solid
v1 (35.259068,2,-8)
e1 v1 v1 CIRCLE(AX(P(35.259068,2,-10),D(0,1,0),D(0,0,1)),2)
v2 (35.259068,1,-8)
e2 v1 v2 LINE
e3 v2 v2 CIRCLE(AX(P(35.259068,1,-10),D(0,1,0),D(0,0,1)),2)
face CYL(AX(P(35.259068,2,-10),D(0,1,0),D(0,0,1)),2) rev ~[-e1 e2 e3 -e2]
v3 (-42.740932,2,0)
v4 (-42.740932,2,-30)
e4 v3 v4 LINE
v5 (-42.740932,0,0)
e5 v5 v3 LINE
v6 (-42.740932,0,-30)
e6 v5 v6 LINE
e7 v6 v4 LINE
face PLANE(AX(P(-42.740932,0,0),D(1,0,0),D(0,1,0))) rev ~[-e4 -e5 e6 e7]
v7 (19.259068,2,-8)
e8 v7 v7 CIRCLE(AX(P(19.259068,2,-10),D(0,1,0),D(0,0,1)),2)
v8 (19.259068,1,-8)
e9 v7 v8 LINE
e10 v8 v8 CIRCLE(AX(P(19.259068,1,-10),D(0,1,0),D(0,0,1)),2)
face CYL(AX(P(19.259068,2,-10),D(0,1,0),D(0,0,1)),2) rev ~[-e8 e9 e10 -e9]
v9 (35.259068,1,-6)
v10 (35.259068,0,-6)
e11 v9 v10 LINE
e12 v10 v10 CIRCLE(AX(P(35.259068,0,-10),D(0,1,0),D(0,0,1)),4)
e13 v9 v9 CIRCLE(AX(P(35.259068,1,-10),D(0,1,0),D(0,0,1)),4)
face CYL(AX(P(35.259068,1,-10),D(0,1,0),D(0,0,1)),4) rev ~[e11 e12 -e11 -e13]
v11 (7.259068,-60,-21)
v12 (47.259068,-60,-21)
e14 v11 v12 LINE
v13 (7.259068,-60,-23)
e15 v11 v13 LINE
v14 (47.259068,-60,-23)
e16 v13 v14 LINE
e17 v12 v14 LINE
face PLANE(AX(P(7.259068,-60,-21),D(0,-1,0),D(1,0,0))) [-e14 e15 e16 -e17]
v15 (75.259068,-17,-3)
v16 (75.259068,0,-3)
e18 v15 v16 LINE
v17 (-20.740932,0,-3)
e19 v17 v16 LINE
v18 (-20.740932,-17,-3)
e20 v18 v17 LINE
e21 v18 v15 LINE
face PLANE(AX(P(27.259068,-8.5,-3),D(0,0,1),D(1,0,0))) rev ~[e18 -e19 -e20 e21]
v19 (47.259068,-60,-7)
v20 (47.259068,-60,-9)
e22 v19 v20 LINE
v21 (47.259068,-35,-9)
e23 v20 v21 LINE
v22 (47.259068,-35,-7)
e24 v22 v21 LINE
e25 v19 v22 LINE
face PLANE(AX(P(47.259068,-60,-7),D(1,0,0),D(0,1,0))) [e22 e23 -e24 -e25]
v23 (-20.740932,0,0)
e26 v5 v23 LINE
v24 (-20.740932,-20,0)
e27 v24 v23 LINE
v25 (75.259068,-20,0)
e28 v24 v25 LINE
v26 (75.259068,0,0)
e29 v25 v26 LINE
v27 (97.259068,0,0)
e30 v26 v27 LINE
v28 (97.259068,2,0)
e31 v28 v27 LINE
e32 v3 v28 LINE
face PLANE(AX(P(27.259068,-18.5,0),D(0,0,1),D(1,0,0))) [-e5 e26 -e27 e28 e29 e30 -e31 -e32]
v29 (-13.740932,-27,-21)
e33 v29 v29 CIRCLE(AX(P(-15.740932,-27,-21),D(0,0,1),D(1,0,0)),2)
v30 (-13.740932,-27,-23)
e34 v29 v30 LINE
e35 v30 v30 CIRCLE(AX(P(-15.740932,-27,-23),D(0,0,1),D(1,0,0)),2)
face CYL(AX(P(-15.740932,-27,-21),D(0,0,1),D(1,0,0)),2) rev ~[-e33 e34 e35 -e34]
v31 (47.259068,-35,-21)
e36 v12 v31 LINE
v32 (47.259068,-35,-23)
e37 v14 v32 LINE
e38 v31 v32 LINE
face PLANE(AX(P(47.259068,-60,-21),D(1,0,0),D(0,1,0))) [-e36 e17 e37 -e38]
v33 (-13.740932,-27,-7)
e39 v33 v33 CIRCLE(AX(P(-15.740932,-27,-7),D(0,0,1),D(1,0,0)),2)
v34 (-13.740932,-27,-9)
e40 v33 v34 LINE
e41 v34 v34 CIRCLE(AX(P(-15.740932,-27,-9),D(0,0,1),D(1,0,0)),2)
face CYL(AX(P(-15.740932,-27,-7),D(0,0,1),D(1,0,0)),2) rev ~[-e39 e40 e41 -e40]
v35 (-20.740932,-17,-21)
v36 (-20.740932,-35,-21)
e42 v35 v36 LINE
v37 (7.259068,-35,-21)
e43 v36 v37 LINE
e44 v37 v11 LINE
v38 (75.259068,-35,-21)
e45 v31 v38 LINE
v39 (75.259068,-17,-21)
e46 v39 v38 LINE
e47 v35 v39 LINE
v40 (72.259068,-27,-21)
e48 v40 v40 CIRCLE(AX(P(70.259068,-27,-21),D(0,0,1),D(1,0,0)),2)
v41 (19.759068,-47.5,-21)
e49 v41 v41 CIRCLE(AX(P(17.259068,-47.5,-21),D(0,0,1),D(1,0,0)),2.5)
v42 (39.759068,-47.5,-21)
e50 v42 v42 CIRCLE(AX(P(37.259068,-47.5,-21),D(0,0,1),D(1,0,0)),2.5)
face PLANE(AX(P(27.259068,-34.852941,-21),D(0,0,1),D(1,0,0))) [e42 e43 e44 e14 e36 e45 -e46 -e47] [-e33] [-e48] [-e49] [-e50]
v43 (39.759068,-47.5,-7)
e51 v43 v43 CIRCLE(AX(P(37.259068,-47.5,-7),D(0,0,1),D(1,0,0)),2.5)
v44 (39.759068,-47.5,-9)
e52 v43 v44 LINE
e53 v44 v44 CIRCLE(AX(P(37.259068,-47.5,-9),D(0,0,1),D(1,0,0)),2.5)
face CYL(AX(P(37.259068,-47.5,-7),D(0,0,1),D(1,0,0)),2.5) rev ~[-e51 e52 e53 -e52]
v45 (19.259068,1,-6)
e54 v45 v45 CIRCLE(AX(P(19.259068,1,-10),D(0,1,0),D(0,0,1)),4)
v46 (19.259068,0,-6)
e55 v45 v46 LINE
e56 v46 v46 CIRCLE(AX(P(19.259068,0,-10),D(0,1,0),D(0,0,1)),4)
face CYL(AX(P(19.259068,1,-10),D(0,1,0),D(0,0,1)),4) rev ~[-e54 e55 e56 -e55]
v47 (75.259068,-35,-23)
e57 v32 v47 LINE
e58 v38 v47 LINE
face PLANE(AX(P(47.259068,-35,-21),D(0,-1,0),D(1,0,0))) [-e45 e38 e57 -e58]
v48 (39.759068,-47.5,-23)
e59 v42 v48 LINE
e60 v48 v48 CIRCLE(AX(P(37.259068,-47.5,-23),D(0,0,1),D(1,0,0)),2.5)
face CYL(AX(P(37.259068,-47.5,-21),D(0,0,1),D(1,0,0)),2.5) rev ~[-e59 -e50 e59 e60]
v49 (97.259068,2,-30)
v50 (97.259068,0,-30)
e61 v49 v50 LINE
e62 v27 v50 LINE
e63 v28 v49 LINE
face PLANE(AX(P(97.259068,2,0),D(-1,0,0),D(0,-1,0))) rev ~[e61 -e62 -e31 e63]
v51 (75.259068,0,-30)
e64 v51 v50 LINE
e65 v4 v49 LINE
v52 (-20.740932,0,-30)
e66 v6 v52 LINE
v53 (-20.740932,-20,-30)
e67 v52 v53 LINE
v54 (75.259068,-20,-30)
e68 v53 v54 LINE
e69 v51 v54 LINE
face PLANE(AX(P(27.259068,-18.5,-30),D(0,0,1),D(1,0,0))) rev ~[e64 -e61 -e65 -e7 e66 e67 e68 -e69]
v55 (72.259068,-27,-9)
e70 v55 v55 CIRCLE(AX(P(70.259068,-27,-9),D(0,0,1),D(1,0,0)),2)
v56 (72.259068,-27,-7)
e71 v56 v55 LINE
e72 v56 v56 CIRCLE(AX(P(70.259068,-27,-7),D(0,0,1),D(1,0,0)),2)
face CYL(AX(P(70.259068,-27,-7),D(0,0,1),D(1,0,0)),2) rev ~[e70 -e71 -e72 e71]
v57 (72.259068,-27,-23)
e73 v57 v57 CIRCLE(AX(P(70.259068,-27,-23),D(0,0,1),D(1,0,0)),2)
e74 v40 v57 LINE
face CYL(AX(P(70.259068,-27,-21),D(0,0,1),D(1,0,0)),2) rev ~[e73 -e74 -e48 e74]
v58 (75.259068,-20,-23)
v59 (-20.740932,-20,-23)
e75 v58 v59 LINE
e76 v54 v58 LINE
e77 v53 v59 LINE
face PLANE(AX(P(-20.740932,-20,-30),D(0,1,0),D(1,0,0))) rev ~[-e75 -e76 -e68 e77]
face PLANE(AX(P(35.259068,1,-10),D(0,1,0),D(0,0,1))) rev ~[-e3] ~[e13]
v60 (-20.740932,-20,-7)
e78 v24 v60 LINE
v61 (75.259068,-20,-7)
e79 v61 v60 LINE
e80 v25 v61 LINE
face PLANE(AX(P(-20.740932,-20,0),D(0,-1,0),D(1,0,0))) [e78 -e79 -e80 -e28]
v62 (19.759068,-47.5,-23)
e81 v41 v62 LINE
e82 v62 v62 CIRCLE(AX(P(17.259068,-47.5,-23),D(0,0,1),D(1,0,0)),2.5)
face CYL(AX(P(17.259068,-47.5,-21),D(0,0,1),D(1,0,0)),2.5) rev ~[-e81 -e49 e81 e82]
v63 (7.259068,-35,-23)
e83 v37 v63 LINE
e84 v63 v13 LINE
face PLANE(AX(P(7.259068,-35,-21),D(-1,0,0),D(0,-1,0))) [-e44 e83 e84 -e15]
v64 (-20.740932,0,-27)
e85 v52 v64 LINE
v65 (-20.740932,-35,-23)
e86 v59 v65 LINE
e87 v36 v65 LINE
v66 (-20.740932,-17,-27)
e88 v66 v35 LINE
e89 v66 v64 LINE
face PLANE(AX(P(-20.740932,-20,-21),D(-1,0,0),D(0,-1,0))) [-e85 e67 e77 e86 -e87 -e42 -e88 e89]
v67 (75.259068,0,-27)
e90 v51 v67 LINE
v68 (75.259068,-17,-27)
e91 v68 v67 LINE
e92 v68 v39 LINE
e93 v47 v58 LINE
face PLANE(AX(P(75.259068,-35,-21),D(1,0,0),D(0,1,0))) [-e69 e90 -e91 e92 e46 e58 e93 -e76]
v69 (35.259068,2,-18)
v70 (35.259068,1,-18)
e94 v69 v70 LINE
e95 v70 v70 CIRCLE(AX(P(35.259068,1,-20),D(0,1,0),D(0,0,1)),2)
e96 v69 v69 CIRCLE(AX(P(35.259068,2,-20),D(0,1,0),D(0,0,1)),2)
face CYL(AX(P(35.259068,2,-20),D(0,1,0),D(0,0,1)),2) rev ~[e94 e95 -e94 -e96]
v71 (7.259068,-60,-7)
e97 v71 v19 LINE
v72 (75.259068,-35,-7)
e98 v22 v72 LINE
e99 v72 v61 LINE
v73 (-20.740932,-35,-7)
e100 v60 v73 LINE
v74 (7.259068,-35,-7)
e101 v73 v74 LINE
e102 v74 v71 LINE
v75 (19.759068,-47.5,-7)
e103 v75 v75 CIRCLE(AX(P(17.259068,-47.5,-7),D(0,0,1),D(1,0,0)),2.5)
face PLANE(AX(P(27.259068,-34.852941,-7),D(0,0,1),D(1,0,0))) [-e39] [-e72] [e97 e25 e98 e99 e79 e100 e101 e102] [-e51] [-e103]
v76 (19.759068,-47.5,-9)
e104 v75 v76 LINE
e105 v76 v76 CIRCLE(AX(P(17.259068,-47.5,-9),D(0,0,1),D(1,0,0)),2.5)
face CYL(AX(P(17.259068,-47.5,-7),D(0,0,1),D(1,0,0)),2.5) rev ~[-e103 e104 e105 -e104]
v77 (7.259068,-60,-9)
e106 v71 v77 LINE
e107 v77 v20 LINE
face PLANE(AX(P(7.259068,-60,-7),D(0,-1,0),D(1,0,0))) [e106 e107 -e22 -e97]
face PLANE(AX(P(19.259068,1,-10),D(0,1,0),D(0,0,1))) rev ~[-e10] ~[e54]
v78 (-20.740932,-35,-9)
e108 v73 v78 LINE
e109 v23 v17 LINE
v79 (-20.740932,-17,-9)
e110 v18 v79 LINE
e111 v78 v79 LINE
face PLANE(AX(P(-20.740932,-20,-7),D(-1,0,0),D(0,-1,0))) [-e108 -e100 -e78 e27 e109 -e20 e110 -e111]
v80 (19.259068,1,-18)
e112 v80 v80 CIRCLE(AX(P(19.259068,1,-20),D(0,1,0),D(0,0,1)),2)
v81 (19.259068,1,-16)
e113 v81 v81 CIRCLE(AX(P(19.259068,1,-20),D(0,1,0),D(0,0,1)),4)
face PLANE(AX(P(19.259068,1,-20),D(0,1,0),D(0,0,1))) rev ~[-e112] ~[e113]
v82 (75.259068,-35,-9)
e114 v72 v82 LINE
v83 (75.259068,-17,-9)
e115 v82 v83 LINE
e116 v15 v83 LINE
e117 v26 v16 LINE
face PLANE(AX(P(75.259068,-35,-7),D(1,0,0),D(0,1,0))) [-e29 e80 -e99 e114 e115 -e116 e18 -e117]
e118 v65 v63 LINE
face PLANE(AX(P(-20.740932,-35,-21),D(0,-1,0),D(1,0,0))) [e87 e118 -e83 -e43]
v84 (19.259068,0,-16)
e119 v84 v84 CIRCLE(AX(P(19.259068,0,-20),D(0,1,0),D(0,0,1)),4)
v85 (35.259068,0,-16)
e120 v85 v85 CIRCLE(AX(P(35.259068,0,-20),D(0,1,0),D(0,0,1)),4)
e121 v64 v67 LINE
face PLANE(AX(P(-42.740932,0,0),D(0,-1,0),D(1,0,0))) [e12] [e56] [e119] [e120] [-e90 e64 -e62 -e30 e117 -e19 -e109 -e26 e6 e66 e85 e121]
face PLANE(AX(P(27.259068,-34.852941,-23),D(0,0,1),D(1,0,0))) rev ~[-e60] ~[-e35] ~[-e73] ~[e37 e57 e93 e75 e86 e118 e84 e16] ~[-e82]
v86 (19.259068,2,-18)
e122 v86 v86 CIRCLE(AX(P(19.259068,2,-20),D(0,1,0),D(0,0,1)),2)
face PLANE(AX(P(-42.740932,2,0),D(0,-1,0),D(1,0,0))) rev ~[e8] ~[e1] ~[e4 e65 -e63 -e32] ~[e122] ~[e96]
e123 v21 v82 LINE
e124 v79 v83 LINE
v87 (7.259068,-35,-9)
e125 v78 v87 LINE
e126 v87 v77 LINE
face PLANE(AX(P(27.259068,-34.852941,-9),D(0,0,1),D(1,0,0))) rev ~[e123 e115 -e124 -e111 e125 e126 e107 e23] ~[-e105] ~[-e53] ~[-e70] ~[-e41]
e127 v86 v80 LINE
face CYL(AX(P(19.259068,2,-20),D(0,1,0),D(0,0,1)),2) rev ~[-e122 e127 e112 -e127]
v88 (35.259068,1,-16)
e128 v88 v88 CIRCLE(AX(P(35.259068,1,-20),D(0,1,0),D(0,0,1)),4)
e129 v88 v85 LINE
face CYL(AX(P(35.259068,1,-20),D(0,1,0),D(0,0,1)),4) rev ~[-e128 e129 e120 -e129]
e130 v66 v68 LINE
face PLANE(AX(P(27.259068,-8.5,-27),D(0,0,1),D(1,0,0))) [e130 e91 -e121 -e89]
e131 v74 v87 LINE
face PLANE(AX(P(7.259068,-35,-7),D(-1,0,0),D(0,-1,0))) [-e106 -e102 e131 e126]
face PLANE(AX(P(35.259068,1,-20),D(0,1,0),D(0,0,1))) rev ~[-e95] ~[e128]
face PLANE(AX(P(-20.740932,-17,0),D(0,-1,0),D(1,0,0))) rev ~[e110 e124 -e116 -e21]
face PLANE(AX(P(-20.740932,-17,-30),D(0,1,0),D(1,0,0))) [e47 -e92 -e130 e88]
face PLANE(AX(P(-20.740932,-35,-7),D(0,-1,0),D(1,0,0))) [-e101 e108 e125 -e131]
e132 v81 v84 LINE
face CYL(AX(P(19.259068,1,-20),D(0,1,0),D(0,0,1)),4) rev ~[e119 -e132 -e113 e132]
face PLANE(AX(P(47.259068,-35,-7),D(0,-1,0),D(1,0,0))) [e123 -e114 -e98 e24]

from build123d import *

# Parameters (mm, degrees)
TOP_DEPTH          = 30
PROFILE_3_W        = 96
PROFILE_3_H        = 17
SIDE_DEPTH         = 3
PROFILE_6_W        = 96
PROFILE_6_H        = 3
BEND_DEPTH         = 9
SCREWPLATE_START   = -7
PROFILE_7_R        = 2.5
PROFILE_7_R_2      = 2
SCREWPLATE_DEPTH   = 2
SIDE2_START        = -30
PROFILE_8_W        = 96
PROFILE_8_H        = 17
SIDE2_DEPTH        = 3
BEND2_START        = -30
PROFILE_9_W        = 96
PROFILE_9_H        = 3
BEND2_DEPTH        = 9
SCREWPLATE2_START  = -21
PROFILE_10_R       = 2.5
PROFILE_10_R_2     = 2
SCREWPLATE2_DEPTH  = 2
SKETCH3_R          = 2
CUT_EXTRUDE4_DEPTH = 2
CUT_EXTRUDE5_START = -1
SKETCH3_3_R        = 4
SKETCH3_3_R_2      = 2
CUT_EXTRUDE5_DEPTH = 1


with BuildPart() as part:
    # Profile → Top (new body)
    with BuildSketch(Plane.XY):
        Polygon((97.259067876, 0), (87.259067876, 0), (-32.740932124, 0), (-42.740932124, 0), (-42.740932124, 2), (97.259067876, 2), align=None)
    extrude(amount=-TOP_DEPTH)

    # Profile<3> → Side (add)
    with BuildSketch(Plane.XY):
        with Locations((27.259067876, -8.5)):
            Rectangle(PROFILE_3_W, PROFILE_3_H)
    extrude(amount=-SIDE_DEPTH)

    # Profile<6> → Bend (add)
    with BuildSketch(Plane.XY):
        with Locations((27.259067876, -18.5)):
            Rectangle(PROFILE_6_W, PROFILE_6_H)
    extrude(amount=-BEND_DEPTH)

    # Profile<7> → ScrewPlate (add)
    with BuildSketch(Plane.XY.offset(SCREWPLATE_START)):
        Polygon((75.259067876, -20), (-20.740932124, -20), (-20.740932124, -35), (7.259067876, -35), (7.259067876, -60), (27.259067876, -60), (47.259067876, -60), (47.259067876, -35), (75.259067876, -35), align=None)
        with Locations((17.259067876, -47.5)):
            Circle(PROFILE_7_R, mode=Mode.SUBTRACT)
        with Locations((37.259067876, -47.5)):
            Circle(PROFILE_7_R, mode=Mode.SUBTRACT)
        with Locations((-15.740932124, -27)):
            Circle(PROFILE_7_R_2, mode=Mode.SUBTRACT)
        with Locations((70.259067876, -27)):
            Circle(PROFILE_7_R_2, mode=Mode.SUBTRACT)
    extrude(amount=-SCREWPLATE_DEPTH)

    # Profile<8> → Side2 (add)
    with BuildSketch(Plane.XY.offset(SIDE2_START)):
        with Locations((27.259067876, -8.5)):
            Rectangle(PROFILE_8_W, PROFILE_8_H)
    extrude(amount=SIDE2_DEPTH)

    # Profile<9> → Bend2 (add)
    with BuildSketch(Plane.XY.offset(BEND2_START)):
        with Locations((27.259067876, -18.5)):
            Rectangle(PROFILE_9_W, PROFILE_9_H)
    extrude(amount=BEND2_DEPTH)

    # Profile<10> → ScrewPlate2 (add)
    with BuildSketch(Plane.XY.offset(SCREWPLATE2_START)):
        Polygon((75.259067876, -20), (-20.740932124, -20), (-20.740932124, -35), (7.259067876, -35), (7.259067876, -60), (27.259067876, -60), (47.259067876, -60), (47.259067876, -35), (75.259067876, -35), align=None)
        with Locations((17.259067876, -47.5)):
            Circle(PROFILE_10_R, mode=Mode.SUBTRACT)
        with Locations((37.259067876, -47.5)):
            Circle(PROFILE_10_R, mode=Mode.SUBTRACT)
        with Locations((-15.740932124, -27)):
            Circle(PROFILE_10_R_2, mode=Mode.SUBTRACT)
        with Locations((70.259067876, -27)):
            Circle(PROFILE_10_R_2, mode=Mode.SUBTRACT)
    extrude(amount=-SCREWPLATE2_DEPTH)

    # Sketch3 → Cut-Extrude4 (cut)
    with BuildSketch(Plane(origin=(0, 2, 0), x_dir=(1, 0, 0), z_dir=(0, 1, 0))):
        with Locations(Location((19.259067876, 20, 0), (0, 0, 270))):
            Circle(SKETCH3_R)
        with Locations(Location((35.259067876, 20, 0), (0, 0, 270))):
            Circle(SKETCH3_R)
        with Locations(Location((35.259067876, 10, 0), (0, 0, 270))):
            Circle(SKETCH3_R)
        with Locations(Location((19.259067876, 10, 0), (0, 0, 270))):
            Circle(SKETCH3_R)
    extrude(amount=-CUT_EXTRUDE4_DEPTH, mode=Mode.SUBTRACT)

    # Sketch3<3> → Cut-Extrude5 (cut)
    # profile 1 of 4: a face of its own
    with BuildSketch(Plane(origin=(0, 2, 0), x_dir=(1, 0, 0), z_dir=(0, 1, 0)).offset(CUT_EXTRUDE5_START)):
        with Locations(Location((19.259067876, 20, 0), (0, 0, 270))):
            Circle(SKETCH3_3_R)
        with Locations(Location((19.259067876, 20, 0), (0, 0, 270))):
            Circle(SKETCH3_3_R_2, mode=Mode.SUBTRACT)
    # profile 2 of 4: a face of its own
    with BuildSketch(Plane(origin=(0, 2, 0), x_dir=(1, 0, 0), z_dir=(0, 1, 0)).offset(CUT_EXTRUDE5_START)):
        with Locations(Location((35.259067876, 20, 0), (0, 0, 270))):
            Circle(SKETCH3_3_R)
        with Locations(Location((35.259067876, 20, 0), (0, 0, 270))):
            Circle(SKETCH3_3_R_2, mode=Mode.SUBTRACT)
    # profile 3 of 4: a face of its own
    with BuildSketch(Plane(origin=(0, 2, 0), x_dir=(1, 0, 0), z_dir=(0, 1, 0)).offset(CUT_EXTRUDE5_START)):
        with Locations(Location((35.259067876, 10, 0), (0, 0, 270))):
            Circle(SKETCH3_3_R)
        with Locations(Location((35.259067876, 10, 0), (0, 0, 270))):
            Circle(SKETCH3_3_R_2, mode=Mode.SUBTRACT)
    # profile 4 of 4: a face of its own
    with BuildSketch(Plane(origin=(0, 2, 0), x_dir=(1, 0, 0), z_dir=(0, 1, 0)).offset(CUT_EXTRUDE5_START)):
        with Locations(Location((19.259067876, 10, 0), (0, 0, 270))):
            Circle(SKETCH3_3_R)
        with Locations(Location((19.259067876, 10, 0), (0, 0, 270))):
            Circle(SKETCH3_3_R_2, mode=Mode.SUBTRACT)
    extrude(amount=-CUT_EXTRUDE5_DEPTH, mode=Mode.SUBTRACT)


solid = part.part
